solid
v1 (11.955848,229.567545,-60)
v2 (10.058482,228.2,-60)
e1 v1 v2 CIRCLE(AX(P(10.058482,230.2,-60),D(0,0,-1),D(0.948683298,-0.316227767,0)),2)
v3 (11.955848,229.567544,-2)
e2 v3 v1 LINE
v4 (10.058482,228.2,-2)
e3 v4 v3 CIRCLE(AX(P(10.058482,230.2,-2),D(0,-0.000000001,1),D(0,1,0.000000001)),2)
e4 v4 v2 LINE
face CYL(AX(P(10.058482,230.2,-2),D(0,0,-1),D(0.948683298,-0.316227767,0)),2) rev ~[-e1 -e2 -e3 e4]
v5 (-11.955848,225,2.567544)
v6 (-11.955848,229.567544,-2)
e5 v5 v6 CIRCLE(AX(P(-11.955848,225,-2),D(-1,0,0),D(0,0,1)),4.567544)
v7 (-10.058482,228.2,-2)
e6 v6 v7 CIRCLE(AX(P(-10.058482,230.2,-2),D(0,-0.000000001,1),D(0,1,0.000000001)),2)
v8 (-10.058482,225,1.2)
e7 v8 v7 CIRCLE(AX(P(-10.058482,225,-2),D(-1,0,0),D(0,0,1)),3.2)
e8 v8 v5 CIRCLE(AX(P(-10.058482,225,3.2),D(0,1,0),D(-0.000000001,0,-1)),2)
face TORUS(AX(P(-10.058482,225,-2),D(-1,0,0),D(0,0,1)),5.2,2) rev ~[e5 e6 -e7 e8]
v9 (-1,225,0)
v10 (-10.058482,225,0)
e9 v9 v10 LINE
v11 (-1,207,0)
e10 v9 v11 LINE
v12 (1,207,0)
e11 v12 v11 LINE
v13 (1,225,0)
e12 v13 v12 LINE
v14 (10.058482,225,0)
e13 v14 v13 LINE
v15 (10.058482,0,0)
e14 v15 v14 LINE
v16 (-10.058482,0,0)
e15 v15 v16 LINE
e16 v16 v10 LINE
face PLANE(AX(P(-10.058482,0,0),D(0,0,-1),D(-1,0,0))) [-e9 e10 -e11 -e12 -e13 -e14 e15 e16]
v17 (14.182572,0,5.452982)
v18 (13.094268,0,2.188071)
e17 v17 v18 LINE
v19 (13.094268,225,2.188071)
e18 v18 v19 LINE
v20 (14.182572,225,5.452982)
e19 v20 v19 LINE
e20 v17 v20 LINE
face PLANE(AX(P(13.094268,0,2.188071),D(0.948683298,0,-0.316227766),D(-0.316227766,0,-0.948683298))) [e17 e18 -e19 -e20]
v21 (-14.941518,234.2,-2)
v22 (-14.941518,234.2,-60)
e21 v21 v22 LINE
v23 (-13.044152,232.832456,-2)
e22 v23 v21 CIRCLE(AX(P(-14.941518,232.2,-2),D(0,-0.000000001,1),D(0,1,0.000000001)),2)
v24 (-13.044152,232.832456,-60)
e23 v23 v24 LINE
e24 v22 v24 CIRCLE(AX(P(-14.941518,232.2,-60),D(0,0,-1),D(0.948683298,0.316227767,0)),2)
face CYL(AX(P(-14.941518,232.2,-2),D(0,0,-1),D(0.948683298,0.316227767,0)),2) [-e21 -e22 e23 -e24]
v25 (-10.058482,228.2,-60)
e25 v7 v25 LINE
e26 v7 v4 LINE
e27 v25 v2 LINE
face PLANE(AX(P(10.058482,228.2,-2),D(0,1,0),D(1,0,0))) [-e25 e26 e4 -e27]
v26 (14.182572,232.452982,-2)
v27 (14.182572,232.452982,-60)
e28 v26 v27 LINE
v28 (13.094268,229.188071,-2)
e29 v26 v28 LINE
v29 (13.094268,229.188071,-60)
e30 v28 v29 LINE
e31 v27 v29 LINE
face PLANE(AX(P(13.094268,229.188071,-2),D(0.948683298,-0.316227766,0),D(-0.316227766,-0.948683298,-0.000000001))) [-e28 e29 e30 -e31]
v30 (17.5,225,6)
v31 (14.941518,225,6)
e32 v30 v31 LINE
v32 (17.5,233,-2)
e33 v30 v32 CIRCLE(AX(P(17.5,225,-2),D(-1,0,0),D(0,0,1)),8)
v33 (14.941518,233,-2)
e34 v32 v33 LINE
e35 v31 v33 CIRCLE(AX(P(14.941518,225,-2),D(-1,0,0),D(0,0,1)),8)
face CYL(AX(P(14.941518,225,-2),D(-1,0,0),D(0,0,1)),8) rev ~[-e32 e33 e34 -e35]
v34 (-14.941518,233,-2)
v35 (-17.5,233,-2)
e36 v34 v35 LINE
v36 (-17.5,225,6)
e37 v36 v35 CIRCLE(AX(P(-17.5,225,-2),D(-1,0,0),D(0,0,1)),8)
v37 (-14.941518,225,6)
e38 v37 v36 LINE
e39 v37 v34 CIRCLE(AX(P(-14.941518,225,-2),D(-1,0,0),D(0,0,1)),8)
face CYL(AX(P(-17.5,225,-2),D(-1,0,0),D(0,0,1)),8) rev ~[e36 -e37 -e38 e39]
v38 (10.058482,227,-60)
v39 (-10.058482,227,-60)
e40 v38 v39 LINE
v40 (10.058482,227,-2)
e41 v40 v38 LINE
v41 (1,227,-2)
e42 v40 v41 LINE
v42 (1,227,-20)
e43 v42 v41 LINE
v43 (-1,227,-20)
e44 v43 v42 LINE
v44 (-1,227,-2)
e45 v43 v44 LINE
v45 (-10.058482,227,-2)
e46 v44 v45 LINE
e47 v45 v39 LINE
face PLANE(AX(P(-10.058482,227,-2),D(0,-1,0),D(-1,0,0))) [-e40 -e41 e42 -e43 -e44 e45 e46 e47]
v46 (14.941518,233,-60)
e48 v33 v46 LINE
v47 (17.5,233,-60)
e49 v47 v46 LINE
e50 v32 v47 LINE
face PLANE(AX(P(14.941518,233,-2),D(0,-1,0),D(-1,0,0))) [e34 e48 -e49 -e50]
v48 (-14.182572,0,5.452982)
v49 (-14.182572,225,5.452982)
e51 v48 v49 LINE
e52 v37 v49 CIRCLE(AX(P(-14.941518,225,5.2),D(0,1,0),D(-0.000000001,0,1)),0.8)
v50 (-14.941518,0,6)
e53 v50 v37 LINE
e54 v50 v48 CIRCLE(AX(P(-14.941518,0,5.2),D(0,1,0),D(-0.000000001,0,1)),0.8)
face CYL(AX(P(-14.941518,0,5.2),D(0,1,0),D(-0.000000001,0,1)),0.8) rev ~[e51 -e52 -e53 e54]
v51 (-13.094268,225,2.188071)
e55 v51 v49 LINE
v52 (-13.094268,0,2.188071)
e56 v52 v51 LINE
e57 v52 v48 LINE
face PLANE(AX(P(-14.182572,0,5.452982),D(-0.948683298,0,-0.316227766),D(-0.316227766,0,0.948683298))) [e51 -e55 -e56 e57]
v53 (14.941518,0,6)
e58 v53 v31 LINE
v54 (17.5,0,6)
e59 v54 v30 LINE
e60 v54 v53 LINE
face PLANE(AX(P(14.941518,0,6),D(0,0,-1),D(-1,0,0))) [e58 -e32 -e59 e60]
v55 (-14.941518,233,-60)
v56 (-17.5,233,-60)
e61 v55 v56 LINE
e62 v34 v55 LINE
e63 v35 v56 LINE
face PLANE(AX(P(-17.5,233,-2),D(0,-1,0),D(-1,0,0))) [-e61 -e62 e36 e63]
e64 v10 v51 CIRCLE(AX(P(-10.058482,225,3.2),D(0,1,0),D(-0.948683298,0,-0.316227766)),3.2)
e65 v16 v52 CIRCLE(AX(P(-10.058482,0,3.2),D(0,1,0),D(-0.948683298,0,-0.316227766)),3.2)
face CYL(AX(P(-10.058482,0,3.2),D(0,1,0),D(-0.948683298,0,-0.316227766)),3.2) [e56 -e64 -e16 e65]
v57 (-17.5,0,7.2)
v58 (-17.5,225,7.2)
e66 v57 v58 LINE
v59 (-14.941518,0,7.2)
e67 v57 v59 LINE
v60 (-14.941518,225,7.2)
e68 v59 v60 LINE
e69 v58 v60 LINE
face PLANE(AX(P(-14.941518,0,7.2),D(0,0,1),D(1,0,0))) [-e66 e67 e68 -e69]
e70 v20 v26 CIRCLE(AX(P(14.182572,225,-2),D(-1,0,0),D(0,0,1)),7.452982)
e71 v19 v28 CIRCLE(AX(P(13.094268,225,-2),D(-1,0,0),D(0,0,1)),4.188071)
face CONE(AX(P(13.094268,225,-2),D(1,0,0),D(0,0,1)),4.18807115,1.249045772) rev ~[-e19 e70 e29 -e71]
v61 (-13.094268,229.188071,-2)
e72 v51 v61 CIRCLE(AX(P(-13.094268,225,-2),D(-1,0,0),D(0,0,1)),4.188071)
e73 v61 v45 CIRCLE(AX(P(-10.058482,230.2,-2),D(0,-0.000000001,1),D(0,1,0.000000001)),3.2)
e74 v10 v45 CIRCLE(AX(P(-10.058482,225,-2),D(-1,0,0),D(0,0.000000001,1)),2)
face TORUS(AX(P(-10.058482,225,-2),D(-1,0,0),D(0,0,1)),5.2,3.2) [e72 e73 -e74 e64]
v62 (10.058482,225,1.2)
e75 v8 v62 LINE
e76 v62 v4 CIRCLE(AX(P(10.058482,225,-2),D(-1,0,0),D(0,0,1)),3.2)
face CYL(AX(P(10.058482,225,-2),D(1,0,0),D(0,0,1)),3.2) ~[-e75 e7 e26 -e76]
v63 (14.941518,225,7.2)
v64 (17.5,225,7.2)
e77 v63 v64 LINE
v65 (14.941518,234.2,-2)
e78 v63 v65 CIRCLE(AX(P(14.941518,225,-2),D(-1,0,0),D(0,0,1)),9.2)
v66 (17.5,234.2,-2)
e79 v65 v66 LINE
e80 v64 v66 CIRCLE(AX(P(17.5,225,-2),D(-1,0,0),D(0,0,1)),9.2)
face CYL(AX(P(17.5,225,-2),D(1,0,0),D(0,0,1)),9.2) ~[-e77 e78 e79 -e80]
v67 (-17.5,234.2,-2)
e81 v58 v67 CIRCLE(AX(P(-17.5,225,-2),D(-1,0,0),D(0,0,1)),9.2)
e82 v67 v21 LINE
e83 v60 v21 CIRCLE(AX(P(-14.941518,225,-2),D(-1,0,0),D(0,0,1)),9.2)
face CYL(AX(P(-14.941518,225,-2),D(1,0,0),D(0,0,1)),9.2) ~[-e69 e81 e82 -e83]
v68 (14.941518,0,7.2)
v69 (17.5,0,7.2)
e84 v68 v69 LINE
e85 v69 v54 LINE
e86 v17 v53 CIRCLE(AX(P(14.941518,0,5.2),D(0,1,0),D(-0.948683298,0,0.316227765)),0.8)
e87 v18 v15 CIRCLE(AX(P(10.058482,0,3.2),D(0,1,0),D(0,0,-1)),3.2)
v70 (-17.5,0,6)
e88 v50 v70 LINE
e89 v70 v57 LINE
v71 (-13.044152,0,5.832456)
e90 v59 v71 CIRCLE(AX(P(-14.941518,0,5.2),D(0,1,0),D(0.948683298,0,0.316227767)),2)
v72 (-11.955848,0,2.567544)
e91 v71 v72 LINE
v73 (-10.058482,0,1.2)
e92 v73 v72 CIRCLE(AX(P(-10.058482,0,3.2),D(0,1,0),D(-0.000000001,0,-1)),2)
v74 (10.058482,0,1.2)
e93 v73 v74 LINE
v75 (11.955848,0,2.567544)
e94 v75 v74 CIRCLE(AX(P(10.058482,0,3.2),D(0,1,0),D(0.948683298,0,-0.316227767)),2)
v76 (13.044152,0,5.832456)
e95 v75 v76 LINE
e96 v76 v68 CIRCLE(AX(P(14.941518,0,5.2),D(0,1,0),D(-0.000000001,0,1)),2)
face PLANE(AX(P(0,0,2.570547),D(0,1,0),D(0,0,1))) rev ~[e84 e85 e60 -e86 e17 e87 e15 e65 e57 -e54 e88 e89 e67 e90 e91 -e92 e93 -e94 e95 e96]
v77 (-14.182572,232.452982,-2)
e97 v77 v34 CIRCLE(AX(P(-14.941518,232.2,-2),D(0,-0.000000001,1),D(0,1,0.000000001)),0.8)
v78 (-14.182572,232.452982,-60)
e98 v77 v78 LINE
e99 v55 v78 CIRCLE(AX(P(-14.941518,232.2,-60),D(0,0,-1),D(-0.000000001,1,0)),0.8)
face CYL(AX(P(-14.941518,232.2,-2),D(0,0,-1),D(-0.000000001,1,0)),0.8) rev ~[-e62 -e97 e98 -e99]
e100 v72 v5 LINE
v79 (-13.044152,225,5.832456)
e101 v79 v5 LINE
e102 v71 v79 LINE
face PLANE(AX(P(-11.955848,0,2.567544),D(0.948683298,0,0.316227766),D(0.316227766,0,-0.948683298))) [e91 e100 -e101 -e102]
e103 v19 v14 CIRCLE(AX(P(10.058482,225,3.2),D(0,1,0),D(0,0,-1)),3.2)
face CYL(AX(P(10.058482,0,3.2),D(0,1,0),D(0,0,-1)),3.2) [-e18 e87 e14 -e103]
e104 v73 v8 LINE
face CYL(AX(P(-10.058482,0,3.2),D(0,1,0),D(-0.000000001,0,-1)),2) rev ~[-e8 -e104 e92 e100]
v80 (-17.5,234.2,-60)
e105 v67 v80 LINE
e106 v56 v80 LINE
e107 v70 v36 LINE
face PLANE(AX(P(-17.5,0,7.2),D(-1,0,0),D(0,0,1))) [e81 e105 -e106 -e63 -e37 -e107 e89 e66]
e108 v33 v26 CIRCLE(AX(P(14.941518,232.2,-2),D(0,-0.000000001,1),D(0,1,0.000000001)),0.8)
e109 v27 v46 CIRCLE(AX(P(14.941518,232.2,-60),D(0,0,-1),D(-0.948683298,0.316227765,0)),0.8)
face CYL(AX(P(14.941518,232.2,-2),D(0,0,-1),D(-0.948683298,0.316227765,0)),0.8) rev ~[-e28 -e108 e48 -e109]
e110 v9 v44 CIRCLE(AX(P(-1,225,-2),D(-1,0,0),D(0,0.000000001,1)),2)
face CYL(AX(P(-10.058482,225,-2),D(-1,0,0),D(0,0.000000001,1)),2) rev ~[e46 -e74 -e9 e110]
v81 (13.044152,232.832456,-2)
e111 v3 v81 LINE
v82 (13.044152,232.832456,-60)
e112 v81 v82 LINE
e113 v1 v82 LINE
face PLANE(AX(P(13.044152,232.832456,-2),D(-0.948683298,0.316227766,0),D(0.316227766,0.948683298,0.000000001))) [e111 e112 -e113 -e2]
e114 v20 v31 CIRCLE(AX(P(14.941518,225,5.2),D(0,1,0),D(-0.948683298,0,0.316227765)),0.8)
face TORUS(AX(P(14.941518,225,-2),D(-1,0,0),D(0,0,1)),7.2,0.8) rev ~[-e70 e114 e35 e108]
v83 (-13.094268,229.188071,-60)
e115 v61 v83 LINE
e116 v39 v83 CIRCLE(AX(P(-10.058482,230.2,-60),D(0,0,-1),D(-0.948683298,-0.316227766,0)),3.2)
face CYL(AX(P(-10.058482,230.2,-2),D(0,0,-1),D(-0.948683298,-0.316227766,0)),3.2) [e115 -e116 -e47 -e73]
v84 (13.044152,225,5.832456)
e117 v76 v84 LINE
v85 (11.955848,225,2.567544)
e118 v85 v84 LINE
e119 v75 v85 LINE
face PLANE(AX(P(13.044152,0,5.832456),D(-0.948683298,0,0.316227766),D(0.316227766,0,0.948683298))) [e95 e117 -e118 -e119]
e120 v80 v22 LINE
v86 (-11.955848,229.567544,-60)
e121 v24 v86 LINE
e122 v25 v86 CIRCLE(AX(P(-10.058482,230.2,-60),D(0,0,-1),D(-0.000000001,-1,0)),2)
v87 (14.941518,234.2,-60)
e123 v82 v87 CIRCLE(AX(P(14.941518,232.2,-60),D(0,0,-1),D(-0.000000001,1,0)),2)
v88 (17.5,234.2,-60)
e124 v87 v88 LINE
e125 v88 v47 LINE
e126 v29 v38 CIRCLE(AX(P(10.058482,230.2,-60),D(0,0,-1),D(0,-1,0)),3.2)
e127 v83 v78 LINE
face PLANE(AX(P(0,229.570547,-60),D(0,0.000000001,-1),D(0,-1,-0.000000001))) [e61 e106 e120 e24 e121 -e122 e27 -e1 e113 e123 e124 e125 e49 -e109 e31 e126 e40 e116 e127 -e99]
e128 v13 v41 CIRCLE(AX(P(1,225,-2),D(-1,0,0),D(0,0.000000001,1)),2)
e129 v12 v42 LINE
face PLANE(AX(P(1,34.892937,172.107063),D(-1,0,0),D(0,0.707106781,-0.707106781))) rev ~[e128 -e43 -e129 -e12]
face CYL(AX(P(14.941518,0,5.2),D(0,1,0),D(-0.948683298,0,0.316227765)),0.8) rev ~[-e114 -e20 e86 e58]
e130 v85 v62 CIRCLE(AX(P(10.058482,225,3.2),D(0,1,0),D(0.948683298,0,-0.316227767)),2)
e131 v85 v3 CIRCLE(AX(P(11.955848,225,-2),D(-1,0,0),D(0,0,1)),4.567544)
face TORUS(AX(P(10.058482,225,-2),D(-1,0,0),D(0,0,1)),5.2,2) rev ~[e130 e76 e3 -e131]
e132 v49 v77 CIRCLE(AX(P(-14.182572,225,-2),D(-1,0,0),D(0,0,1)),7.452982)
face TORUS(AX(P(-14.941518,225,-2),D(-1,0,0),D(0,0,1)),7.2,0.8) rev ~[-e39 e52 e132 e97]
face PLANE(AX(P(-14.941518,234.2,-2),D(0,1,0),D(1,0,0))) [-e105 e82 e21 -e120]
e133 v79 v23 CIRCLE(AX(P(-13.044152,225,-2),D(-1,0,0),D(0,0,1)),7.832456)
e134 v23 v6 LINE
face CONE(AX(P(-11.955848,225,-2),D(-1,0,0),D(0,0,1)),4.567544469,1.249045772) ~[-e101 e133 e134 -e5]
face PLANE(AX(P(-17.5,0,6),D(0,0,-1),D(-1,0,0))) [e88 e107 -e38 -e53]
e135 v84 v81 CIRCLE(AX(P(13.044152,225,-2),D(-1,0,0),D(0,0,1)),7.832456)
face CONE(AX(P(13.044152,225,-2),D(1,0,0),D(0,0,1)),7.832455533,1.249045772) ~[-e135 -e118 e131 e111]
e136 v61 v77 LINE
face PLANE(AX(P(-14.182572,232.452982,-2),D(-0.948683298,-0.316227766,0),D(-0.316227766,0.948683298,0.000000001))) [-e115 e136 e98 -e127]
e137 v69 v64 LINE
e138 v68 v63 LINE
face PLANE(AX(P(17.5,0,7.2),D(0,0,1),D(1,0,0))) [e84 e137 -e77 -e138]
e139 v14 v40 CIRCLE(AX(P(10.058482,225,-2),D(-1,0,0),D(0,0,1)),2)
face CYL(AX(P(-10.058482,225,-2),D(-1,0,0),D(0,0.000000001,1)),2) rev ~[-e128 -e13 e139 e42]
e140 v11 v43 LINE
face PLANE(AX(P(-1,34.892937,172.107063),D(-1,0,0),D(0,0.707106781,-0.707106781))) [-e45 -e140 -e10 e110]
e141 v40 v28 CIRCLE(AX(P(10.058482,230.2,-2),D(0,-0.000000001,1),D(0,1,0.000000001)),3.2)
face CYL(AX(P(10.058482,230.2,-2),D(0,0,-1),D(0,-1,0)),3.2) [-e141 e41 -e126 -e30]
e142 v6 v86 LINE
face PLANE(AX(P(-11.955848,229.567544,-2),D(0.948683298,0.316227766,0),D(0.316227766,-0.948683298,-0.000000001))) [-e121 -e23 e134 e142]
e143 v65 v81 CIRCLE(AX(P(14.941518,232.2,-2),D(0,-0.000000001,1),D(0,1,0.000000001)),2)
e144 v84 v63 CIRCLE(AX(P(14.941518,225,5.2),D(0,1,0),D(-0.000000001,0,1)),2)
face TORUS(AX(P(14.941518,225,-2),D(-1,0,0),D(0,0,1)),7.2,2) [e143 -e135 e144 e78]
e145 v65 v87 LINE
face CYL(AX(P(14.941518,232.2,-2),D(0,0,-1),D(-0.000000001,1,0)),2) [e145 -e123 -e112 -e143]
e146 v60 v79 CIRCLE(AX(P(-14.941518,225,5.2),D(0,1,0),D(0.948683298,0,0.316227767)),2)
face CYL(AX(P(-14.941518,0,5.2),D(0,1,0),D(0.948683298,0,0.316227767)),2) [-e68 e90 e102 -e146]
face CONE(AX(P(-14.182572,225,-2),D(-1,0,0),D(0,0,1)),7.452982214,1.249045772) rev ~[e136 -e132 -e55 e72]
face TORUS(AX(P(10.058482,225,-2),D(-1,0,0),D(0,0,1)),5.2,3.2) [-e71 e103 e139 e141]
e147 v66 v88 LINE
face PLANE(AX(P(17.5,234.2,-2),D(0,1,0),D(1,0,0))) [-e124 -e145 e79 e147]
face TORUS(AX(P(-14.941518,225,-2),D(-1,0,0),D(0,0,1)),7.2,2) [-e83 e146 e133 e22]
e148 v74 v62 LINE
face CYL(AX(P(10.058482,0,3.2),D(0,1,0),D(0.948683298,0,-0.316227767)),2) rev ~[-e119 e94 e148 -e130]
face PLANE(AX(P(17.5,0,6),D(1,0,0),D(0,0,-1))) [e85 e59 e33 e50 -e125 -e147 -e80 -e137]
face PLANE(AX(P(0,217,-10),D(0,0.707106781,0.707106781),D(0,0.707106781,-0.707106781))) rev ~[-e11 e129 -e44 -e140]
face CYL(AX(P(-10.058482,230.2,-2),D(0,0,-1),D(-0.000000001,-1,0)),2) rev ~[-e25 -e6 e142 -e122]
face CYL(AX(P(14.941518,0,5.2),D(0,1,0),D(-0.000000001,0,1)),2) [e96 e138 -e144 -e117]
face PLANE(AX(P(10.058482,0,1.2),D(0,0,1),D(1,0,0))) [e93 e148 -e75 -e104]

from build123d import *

# Parameters (mm, degrees)
RIB_3_REACH     = 244.396
SKETCH_3_WALL_W = 515.076556858
SKETCH_3_WALL_H = 2


with BuildPart() as part:
    # 扫描1: sweep along a path in 草图2
    with BuildLine(Plane(origin=(0, 0, 0), x_dir=(0, 0, -1), z_dir=(1, 0, 0))) as sweep_1_path:
        Line((0, 0), (0, 225))
        ThreePointArc((0, 225), (0.585786438, 226.414213562), (2, 227))
        Line((2, 227), (60, 227))
    # 草图1 → 扫描1 (sweep)
    with BuildSketch(Plane(origin=(0, 0, 0), x_dir=(1, 0, 0), z_dir=(0, 1, 0))):
        with BuildLine():
            Line((17.5, -7.2), (14.94151844, -7.2))
            ThreePointArc((14.94151844, -7.2), (13.772097871, -6.82248437), (13.044151844, -5.832455532))
            Line((13.044151844, -5.832455532), (11.955848156, -2.567544468))
            ThreePointArc((11.955848156, -2.567544468), (11.227902129, -1.57751563), (10.05848156, -1.2))
            Line((10.05848156, -1.2), (-10.05848156, -1.2))
            ThreePointArc((-10.05848156, -1.2), (-11.227902129, -1.57751563), (-11.955848156, -2.567544468))
            Line((-11.955848156, -2.567544468), (-13.044151844, -5.832455532))
            ThreePointArc((-13.044151844, -5.832455532), (-13.772097871, -6.82248437), (-14.94151844, -7.2))
            Line((-14.94151844, -7.2), (-17.5, -7.2))
            Line((-17.5, -7.2), (-17.5, -6))
            Line((-17.5, -6), (-14.94151844, -6))
            ThreePointArc((-14.94151844, -6), (-14.473750212, -5.848993748), (-14.182571802, -5.452982213))
            Line((-14.182571802, -5.452982213), (-13.094268114, -2.188071149))
            ThreePointArc((-13.094268114, -2.188071149), (-11.929554471, -0.604025007), (-10.05848156, 0))
            Line((-10.05848156, 0), (10.05848156, 0))
            ThreePointArc((10.05848156, 0), (11.929554471, -0.604025007), (13.094268114, -2.188071149))
            Line((13.094268114, -2.188071149), (14.182571802, -5.452982213))
            ThreePointArc((14.182571802, -5.452982213), (14.473750212, -5.848993748), (14.94151844, -6))
            Line((14.94151844, -6), (17.5, -6))
            Line((17.5, -6), (17.5, -7.2))
        make_face()
    sweep(path=sweep_1_path.line)

    # 草图3 wall → 筋3 (add, up to next)
    with BuildSketch(Plane(origin=(0, 217, -10), x_dir=(0, 0.707106781187, -0.707106781187), z_dir=(0, 0.707106781187, 0.707106781187)), mode=Mode.PRIVATE) as rib_3_sk1:
        Rectangle(SKETCH_3_WALL_W, SKETCH_3_WALL_H)
    rib_3_tool1 = extrude(rib_3_sk1.sketch, amount=RIB_3_REACH, mode=Mode.PRIVATE) - part.part
    add(rib_3_tool1.solids().sort_by_distance((0, 217, -10))[0])


solid = part.part
